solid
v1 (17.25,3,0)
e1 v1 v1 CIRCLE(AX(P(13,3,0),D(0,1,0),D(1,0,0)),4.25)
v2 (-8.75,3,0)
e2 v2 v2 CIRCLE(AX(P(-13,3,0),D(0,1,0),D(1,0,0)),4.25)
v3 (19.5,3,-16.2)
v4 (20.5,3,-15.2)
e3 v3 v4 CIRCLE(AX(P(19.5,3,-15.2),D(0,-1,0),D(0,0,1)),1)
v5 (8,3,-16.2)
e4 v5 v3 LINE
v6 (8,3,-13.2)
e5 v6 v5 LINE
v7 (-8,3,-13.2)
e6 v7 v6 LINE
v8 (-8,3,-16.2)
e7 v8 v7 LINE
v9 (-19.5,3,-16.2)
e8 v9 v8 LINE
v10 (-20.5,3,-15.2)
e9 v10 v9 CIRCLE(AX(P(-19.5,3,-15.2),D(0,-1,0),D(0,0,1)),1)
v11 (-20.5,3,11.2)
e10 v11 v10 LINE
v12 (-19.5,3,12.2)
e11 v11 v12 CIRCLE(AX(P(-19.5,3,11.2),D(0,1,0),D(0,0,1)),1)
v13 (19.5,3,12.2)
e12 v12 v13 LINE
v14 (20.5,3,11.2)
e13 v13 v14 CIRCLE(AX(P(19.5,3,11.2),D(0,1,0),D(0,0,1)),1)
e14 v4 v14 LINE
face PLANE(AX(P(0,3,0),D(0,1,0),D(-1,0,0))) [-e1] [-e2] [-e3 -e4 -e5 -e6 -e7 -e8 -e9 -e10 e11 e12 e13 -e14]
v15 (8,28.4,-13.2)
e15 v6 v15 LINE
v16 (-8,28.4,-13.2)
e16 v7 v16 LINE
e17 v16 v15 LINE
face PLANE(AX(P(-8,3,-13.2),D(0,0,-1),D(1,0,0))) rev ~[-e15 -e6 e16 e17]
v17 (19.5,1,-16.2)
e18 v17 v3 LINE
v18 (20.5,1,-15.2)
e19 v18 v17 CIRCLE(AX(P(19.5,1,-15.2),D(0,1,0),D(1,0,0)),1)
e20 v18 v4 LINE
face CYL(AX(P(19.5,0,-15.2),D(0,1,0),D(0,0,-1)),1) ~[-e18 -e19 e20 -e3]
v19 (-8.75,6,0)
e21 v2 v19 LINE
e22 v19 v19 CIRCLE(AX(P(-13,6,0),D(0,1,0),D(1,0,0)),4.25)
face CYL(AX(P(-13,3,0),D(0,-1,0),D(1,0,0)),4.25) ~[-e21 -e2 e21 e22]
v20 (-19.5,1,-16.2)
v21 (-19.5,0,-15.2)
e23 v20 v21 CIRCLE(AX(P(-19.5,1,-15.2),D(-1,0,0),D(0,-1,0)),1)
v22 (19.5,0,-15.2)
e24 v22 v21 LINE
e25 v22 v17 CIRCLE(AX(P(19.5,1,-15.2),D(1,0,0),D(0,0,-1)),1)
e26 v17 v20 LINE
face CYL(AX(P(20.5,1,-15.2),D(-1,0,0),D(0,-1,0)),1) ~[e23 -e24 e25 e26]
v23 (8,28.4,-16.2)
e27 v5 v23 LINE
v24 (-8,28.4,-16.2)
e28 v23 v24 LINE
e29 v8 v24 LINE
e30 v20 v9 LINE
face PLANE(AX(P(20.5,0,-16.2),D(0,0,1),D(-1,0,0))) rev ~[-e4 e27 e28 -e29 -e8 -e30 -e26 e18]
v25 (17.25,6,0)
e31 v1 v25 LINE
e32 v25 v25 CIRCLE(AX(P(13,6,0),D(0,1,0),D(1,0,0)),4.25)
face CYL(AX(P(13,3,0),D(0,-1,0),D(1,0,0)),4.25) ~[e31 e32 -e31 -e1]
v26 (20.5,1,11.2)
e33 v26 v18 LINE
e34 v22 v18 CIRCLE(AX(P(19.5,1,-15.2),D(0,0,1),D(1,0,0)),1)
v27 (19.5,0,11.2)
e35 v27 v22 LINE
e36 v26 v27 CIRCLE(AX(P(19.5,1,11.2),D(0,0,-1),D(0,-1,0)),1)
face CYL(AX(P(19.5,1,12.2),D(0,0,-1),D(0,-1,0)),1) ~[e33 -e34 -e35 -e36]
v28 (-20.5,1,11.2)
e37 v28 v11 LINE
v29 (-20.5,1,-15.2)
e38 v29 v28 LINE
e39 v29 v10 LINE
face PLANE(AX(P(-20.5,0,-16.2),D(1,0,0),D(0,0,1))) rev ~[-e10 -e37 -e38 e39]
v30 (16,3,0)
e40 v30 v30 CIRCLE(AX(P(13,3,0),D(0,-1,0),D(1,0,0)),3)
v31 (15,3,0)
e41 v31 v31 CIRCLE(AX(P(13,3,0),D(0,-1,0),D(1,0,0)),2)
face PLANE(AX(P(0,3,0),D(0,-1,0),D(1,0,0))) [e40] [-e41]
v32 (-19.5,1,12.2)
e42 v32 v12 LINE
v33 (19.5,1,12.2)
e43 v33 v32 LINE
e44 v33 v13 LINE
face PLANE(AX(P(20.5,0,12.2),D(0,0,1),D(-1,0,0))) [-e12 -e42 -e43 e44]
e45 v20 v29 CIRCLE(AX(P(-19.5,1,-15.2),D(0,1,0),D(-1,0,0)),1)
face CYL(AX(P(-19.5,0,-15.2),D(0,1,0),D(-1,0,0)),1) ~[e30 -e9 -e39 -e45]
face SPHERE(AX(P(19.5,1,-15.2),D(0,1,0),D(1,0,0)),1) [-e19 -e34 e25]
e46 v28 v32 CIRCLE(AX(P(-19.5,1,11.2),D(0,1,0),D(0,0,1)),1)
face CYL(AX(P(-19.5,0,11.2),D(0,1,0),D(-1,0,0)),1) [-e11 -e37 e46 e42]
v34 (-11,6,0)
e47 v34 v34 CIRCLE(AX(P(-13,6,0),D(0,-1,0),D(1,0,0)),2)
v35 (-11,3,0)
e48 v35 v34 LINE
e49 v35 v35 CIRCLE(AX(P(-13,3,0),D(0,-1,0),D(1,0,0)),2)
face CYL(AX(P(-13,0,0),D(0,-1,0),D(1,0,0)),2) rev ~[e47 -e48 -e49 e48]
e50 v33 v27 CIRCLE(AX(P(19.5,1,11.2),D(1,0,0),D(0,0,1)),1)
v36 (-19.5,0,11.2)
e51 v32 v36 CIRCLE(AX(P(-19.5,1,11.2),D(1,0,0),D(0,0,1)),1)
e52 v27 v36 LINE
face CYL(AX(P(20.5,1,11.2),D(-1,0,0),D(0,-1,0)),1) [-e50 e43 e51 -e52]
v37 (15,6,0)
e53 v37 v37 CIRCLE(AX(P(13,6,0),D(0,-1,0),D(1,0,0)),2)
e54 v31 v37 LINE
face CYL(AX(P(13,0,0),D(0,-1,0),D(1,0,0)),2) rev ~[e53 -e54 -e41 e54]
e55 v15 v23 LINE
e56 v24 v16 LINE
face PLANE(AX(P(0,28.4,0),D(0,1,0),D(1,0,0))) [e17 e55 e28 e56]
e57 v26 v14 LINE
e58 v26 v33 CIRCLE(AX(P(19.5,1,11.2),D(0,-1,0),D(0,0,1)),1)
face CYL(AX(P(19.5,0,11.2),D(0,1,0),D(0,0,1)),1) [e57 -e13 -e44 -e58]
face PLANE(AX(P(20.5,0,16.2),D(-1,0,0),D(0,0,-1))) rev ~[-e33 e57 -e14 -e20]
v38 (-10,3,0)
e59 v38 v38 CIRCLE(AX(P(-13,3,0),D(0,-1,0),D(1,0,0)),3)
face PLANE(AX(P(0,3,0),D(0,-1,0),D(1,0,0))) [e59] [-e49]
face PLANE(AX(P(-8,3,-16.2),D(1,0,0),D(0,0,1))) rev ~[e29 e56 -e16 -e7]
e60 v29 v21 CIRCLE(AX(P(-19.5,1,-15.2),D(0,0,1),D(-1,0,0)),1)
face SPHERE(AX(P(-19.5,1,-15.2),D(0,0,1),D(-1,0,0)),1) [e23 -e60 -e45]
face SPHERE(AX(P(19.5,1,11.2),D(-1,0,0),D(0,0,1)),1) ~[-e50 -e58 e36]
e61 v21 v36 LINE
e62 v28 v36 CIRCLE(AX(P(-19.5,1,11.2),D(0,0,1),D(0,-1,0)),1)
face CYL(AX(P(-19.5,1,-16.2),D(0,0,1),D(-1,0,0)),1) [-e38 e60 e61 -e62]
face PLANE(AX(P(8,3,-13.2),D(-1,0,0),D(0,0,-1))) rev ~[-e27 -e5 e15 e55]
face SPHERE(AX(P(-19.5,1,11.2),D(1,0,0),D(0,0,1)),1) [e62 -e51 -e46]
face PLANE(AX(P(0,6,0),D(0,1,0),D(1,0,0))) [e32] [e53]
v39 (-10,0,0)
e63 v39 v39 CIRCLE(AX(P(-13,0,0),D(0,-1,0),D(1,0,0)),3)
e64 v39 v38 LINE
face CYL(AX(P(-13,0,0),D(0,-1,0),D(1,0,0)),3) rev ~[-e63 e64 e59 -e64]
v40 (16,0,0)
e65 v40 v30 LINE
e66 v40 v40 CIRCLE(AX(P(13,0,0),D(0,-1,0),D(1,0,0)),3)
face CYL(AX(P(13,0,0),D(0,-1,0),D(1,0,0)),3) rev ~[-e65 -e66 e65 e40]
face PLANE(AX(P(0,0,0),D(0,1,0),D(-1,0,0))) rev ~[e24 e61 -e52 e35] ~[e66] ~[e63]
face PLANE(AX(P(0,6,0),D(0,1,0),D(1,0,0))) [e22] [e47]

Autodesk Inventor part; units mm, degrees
ref_plane "YZ Plane" through (0, 0, 0) normal (1, 0, 0) x (0, 1, 0)
ref_plane "XZ Plane" through (0, 0, 0) normal (0, 1, 0) x (-1, 0, 0)
ref_plane "XY Plane" through (0, 0, 0) normal (0, 0, 1) x (1, 0, 0)
sketch "Sketch1" plane through (0, 0, 0) normal (0, 1, 0) x (-1, 0, 0)
  line L0 (20.5, 16.2) -> (-20.5, 16.2)
  line L1 (-20.5, 16.2) -> (-20.5, -16.2)
  line L2 (-20.5, -16.2) -> (20.5, -16.2)
  line L3 (20.5, -16.2) -> (20.5, 16.2)
  point P0 (0, 0)
  dimension "d0" = 41
  dimension "d1" = 32.4
extrude "Extrusion1" add sketch "Sketch1" along normal blind 3
sketch "Sketch4" plane through (20.5, 0, -16.2) normal (0, 0, -1) x (-1, 0, 0)
  line L0 (41, 3) -> (0, 3) projected
  line L1 (0, 28.4) -> (41, 28.4) projected
  line L2 (0, 3) -> (21.5, 3)
  line L3 (21.5, 3) -> (21.5, 28.4)
  line L4 (21.5, 28.4) -> (0, 28.4)
  line L5 (0, 28.4) -> (0, 3)
  point P0 (20.5, 0)
  dimension "d12" = 21.5
extrude "Extrusion4" cut sketch "Sketch4" against normal blind 3
sketch "Sketch5" plane through (-20.5, 0, 16.2) normal (0, 0, 1) x (1, 0, 0)
  line L0 (41, 28.4) -> (0, 28.4) projected
  line L1 (41, 3) -> (0, 3) projected
  line L2 (0, 28.4) -> (21.5, 28.4)
  line L3 (21.5, 28.4) -> (21.5, 3)
  line L4 (21.5, 3) -> (0, 3)
  line L5 (0, 3) -> (0, 28.4)
  point P0 (20.5, 0)
  point P1 (19.5, 3)
  point P2 (19.5, 3)
  dimension "d15" = 21.5
extrude "Extrusion5" cut sketch "Sketch5" against normal blind 3
sketch "Sketch6" plane through (0, 3, 0) normal (0, 1, 0) x (1, 0, 0)
  circle A0 centre (13, 0) radius 4.25
  circle A1 centre (-13, 0) radius 4.25
  point P0 (0, 0)
  dimension "d20" = 8.5
  dimension "d21" = 8.5
extrude "Extrusion6" add sketch "Sketch6" along normal blind 3
sketch "Sketch7" plane through (0, 0, 0) normal (0, -1, 0) x (1, 0, 0)
  circle A0 centre (-13, 0) radius 4.25 projected
  circle A1 centre (-13, 0) radius 2
  circle A2 centre (13, 0) radius 4.25 projected
  circle A3 centre (13, 0) radius 2
  point P0 (0, 0)
  dimension "d24" = 4
  dimension "d25" = 4
extrude "Extrusion7" cut sketch "Sketch7" against normal blind 6 contours A1 | A3
sketch "Sketch8" plane through (0, 0, 0) normal (0, -1, 0) x (1, 0, 0)
  circle A0 centre (-13, 0) radius 2 projected
  circle A1 centre (-13, 0) radius 3
  circle A2 centre (13, 0) radius 2 projected
  circle A3 centre (13, 0) radius 3
  point P0 (0, 0)
  dimension "d28" = 6
  dimension "d29" = 6
extrude "Extrusion8" cut sketch "Sketch8" against normal blind 3 contours A0 | A1 | A2 | A3
sketch "Sketch16" plane through (0, 0, 0) normal (0, -1, 0) x (1, 0, 0)
  line L0 (-20.5, 16.2) -> (20.5, 16.2) projected
  line L1 (20.5, 16.2) -> (20.5, -16.2) projected
  line L2 (-20.5, 16.2) -> (20.5, 16.2)
  line L3 (20.5, 16.2) -> (20.5, 12.2)
  line L4 (20.5, 12.2) -> (-20.5, 12.2)
  line L5 (-20.5, 12.2) -> (-20.5, 16.2)
  point P0 (0, 0)
  point P1 (1, 16.2)
  point P2 (1, 16.2)
  dimension "d56" = 4
extrude "Extrusion15" cut sketch "Sketch16" against normal blind 50
sketch "Sketch17" plane through (0, 3, 0) normal (0, 1, 0) x (1, 0, 0)
  line L0 (20.5, 16.2) -> (-20.5, 16.2) projected
  line L1 (8, 16.2) -> (-8, 16.2)
  line L2 (-8, 16.2) -> (-8, 13.2)
  line L3 (-8, 13.2) -> (8, 13.2)
  line L4 (8, 13.2) -> (8, 16.2)
  point P0 (0, 0)
  dimension "d59" = 16
  dimension "d60" = 3
extrude "Extrusion16" add sketch "Sketch17" along normal blind 25.4
fillet "Fillet3" radius 1 8 edges at (0, 0, 12.2) (-20.5, 1.5, 12.2) (20.5, 1.5, 12.2) (20.5, 1.5, -16.2) (20.5, 0, -2) (-20.5, 0, -2) (-20.5, 1.5, -16.2) (0, 0, -16.2)
properties part number "zMount2"
